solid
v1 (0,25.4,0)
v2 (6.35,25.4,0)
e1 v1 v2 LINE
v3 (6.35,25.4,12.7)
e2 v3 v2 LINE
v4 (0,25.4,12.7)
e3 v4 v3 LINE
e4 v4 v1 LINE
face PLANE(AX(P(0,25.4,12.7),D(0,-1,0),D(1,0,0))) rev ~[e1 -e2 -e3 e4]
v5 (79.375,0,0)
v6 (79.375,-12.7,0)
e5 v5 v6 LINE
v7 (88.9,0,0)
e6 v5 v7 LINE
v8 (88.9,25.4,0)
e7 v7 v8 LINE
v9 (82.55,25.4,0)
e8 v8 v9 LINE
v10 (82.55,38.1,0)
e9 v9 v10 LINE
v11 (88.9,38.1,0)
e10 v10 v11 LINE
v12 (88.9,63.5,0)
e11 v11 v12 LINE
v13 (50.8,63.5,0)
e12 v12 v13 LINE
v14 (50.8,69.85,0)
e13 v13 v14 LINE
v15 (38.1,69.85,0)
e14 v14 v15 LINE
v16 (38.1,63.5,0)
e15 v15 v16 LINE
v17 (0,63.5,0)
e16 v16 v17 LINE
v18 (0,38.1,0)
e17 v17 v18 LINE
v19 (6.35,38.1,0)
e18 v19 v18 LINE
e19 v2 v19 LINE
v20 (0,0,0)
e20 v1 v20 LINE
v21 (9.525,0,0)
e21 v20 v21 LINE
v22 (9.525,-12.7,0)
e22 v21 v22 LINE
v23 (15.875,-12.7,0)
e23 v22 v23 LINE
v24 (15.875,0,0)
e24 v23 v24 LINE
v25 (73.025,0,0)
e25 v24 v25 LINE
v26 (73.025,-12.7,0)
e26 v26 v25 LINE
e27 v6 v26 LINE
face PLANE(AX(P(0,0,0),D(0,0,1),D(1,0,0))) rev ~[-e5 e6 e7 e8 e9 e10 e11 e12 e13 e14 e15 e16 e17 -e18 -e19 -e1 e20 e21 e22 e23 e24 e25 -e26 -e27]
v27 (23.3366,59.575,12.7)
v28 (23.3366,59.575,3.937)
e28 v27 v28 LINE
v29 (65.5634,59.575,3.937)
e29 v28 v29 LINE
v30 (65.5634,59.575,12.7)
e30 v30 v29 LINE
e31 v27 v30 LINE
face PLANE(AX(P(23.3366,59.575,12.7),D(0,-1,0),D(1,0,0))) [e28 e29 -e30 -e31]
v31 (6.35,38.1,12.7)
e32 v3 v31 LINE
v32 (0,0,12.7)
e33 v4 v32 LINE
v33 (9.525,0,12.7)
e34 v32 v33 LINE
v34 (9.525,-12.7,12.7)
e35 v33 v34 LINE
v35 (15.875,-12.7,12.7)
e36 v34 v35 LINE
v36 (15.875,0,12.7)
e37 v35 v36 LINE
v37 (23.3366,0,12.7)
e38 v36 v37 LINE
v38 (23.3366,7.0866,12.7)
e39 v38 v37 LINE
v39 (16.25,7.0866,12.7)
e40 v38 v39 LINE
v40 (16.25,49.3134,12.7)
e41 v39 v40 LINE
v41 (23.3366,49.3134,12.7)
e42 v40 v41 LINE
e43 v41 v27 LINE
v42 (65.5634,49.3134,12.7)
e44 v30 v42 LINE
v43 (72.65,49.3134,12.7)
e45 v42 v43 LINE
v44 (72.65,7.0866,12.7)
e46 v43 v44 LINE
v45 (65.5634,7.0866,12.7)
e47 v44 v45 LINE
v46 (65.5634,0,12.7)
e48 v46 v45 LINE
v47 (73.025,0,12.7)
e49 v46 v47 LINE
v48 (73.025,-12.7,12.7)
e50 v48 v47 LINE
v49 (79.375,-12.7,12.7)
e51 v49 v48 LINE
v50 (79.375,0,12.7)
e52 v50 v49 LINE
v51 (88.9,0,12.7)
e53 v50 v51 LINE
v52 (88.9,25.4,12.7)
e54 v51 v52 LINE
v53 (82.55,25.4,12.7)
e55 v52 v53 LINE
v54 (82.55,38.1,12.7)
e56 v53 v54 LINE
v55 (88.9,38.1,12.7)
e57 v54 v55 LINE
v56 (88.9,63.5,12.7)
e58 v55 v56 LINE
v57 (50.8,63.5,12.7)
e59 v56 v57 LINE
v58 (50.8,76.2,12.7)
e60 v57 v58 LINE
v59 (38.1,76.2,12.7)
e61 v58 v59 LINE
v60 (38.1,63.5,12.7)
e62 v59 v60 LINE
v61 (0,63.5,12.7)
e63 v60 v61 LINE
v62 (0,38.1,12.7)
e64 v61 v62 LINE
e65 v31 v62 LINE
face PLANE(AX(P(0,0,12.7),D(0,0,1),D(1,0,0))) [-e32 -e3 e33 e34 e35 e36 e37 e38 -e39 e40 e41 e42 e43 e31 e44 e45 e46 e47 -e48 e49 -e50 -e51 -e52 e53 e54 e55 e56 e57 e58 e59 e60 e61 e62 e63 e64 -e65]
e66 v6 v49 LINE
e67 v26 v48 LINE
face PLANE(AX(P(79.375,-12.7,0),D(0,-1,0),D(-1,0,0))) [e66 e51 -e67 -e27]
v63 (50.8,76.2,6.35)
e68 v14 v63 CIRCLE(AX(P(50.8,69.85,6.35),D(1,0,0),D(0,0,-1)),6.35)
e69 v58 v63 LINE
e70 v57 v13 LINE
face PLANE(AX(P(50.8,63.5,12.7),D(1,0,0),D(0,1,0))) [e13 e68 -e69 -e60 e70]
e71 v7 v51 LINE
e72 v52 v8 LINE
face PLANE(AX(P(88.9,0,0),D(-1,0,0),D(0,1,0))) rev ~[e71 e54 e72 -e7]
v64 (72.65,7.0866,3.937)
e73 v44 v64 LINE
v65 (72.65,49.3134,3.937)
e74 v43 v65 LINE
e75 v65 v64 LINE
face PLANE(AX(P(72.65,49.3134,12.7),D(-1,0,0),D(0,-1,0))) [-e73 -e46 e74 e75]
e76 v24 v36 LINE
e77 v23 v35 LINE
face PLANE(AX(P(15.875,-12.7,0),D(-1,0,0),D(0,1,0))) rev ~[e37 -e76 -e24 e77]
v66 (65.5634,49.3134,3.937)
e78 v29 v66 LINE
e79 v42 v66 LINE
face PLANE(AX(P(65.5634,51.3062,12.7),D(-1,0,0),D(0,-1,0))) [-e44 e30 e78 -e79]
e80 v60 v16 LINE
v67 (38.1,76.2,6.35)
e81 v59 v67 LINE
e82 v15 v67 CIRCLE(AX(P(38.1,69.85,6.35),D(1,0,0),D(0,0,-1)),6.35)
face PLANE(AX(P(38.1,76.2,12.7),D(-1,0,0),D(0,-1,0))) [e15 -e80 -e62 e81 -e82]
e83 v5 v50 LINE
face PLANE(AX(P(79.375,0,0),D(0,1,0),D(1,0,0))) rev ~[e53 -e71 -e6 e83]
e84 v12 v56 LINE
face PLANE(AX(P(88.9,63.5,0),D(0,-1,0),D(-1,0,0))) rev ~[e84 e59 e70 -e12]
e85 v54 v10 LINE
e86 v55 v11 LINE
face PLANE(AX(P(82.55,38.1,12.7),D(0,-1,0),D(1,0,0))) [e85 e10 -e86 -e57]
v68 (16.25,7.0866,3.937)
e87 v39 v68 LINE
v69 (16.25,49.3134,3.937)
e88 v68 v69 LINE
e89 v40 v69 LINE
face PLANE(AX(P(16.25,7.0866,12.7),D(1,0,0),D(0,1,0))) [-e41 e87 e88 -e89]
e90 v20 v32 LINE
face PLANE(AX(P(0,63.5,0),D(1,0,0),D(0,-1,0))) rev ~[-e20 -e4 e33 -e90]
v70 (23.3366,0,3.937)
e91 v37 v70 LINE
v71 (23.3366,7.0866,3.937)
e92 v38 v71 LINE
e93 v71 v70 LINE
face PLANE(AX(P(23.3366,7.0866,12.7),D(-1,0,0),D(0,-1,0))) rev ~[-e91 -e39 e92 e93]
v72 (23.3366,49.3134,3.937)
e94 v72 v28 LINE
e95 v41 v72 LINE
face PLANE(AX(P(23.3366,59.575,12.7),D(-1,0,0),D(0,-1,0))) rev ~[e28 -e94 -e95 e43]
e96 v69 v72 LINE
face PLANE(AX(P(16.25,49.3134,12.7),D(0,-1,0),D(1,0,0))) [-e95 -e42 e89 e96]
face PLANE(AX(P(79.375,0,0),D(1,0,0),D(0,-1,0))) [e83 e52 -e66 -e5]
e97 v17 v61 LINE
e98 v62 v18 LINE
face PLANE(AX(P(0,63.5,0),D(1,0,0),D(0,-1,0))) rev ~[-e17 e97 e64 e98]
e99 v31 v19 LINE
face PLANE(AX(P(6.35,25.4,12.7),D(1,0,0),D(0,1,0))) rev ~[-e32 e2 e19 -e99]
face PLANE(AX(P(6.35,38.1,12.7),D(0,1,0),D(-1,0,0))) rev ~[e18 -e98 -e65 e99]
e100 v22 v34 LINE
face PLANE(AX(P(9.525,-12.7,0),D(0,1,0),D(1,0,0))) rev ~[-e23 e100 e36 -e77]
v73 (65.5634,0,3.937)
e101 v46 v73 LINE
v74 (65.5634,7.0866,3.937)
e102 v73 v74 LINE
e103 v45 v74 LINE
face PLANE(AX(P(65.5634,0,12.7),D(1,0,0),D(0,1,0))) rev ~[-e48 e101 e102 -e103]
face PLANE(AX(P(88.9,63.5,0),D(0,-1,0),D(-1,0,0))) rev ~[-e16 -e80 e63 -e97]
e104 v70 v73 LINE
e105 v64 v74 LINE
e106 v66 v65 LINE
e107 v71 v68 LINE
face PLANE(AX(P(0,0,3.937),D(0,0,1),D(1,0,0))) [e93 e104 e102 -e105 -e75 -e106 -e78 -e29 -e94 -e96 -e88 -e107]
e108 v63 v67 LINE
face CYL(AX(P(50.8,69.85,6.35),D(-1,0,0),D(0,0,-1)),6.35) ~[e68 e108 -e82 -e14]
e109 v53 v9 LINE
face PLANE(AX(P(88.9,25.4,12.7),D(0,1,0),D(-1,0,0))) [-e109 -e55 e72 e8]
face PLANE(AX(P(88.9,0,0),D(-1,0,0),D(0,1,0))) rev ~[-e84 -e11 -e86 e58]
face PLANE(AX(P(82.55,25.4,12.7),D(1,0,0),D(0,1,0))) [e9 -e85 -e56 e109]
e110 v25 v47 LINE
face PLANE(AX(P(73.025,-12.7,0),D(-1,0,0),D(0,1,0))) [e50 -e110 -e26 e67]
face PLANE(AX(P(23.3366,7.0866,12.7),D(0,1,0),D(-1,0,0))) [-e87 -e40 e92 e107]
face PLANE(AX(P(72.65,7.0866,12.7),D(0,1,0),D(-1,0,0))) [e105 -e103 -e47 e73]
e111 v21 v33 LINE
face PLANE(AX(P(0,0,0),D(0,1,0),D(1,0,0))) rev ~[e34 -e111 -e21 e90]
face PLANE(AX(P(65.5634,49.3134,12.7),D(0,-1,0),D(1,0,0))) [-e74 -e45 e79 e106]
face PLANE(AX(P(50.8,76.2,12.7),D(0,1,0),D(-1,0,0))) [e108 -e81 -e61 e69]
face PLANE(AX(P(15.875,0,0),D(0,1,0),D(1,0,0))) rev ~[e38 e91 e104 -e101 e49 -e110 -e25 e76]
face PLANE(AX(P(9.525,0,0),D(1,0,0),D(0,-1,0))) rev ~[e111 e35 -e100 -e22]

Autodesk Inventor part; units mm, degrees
ref_plane "YZ Plane" through (0, 0, 0) normal (1, 0, 0) x (0, 1, 0)
ref_plane "XZ Plane" through (0, 0, 0) normal (0, 1, 0) x (-1, 0, 0)
ref_plane "XY Plane" through (0, 0, 0) normal (0, 0, 1) x (1, 0, 0)
sketch "Sketch1" plane through (0, 0, 0) normal (0, 0, 1) x (1, 0, 0)
  line L0 (0, 0) -> (9.525, 0)
  line L1 (88.9, 0) -> (88.9, 63.5)
  line L2 (88.9, 63.5) -> (0, 63.5)
  line L3 (0, 63.5) -> (0, 0)
  line L4 (79.375, 0) -> (79.375, -12.7)
  line L5 (79.375, -12.7) -> (73.025, -12.7)
  line L6 (73.025, -12.7) -> (73.025, 0)
  line L7 (44.45, 0) -> (44.45, 63.5) construction
  line L8 (16.25, 0) -> (16.25, 56.4) construction
  line L9 (16.25, 56.4) -> (72.65, 56.4) construction
  line L10 (72.65, 56.4) -> (72.65, 0) construction
  line L11 (9.525, 0) -> (9.525, -12.7)
  line L12 (9.525, -12.7) -> (15.875, -12.7)
  line L13 (15.875, -12.7) -> (15.875, 0)
  line L14 (15.875, 0) -> (73.025, 0)
  line L15 (79.375, 0) -> (88.9, 0)
  dimension "d0" = 88.9
  dimension "d1" = 63.5
  dimension "d4" = 6.35
  dimension "d5" = 12.7
ref_plane "Work Plane1" through (0, 0, 12.7) normal (0, 0, 1) x (1, 0, 0)
sketch "Sketch2" plane through (0, 0, 12.7) normal (0, 0, 1) x (1, 0, 0)
  line L0 (23.3366, 59.575) -> (23.3366, 49.3134)
  line L1 (65.5634, 51.3062) -> (65.5634, 49.3134)
  line L2 (65.5634, 59.575) -> (65.5634, 49.3134)
  line L3 (23.3366, 49.3134) -> (23.3366, 56.4)
  line L4 (65.5634, 49.3134) -> (72.65, 49.3134)
  line L5 (72.65, 49.3134) -> (72.65, 7.0866)
  line L6 (72.65, 7.0866) -> (65.5634, 7.0866)
  line L7 (23.3366, 7.0866) -> (23.3366, 0)
  line L8 (23.3366, 0) -> (65.5634, 0)
  line L9 (65.5634, 0) -> (65.5634, 7.0866)
  line L10 (23.3366, 7.0866) -> (16.25, 7.0866)
  line L11 (16.25, 7.0866) -> (16.25, 49.3134)
  line L12 (16.25, 49.3134) -> (23.3366, 49.3134)
  line L13 (44.45, 0) -> (44.45, 56.4) construction
  line L14 (28.575, 0) -> (60.325, 0) construction
  line L15 (44.45, 0) -> (44.45, 63.5) construction
  line L16 (88.9, 63.5) -> (0, 63.5) construction
  line L17 (72.65, 0) -> (16.25, 0) construction
  line L18 (16.25, 0) -> (16.25, 56.4) construction
  line L19 (72.65, 56.4) -> (72.65, 0) construction
  line L20 (23.3366, 59.575) -> (65.5634, 59.575)
  point P0 (0, 0)
  point P1 (72.65, 56.4)
extrude "Extrusion3" add sketch "Sketch1" along normal blind 12.7
extrude "Extrusion5" cut sketch "Sketch2" against normal blind 8.763
sketch "Sketch3" plane through (0, 0, 12.7) normal (0, 0, 1) x (1, 0, 0)
  line L0 (0, 63.5) -> (0, 0) construction
  line L1 (0, 63.5) -> (0, 0) construction
  line L2 (0, 25.4) -> (6.35, 25.4)
  line L3 (6.35, 25.4) -> (6.35, 38.1)
  line L4 (6.35, 38.1) -> (0, 38.1)
  line L5 (0, 38.1) -> (0, 25.4)
  line L6 (88.9, 63.5) -> (0, 63.5) construction
  line L7 (44.45, 63.5) -> (44.45, 0) construction
  line L8 (65.5634, 0) -> (23.3366, 0) construction
  line L9 (88.9, 25.4) -> (82.55, 25.4)
  line L10 (82.55, 25.4) -> (82.55, 38.1)
  line L11 (82.55, 38.1) -> (88.9, 38.1)
  line L12 (88.9, 38.1) -> (88.9, 25.4)
  point P0 (0, 31.75)
  point P1 (88.9, 31.75)
  dimension "d19" = 12.7
extrude "Extrusion6" cut sketch "Sketch3" against normal through all
sketch "Sketch4" plane through (0, 0, 12.7) normal (0, 0, 1) x (1, 0, 0)
  line L0 (88.9, 63.5) -> (0, 63.5) construction
  line L1 (44.45, 63.5) -> (44.45, 69.85) construction
  line L2 (44.45, 63.5) -> (50.8, 63.5) construction
  line L3 (38.1, 63.5) -> (50.8, 63.5)
  line L4 (50.8, 63.5) -> (50.8, 76.2)
  line L5 (50.8, 76.2) -> (38.1, 76.2)
  line L6 (38.1, 76.2) -> (38.1, 63.5)
  line L7 (38.1, 63.5) -> (50.8, 76.2) construction
  line L8 (50.8, 63.5) -> (38.1, 76.2) construction
  point P0 (0, 0)
  dimension "d22" = 6.35
  dimension "d23" = 90
  dimension "d24" = 12.7
  dimension "d25" = 12.7
extrude "Extrusion7" add sketch "Sketch4" against normal blind 12.7
fillet "Fillet1" radius 6.35 1 edges at (44.45, 76.2, 0)
properties part number "Near End Cap" material "PVC-Piping"
